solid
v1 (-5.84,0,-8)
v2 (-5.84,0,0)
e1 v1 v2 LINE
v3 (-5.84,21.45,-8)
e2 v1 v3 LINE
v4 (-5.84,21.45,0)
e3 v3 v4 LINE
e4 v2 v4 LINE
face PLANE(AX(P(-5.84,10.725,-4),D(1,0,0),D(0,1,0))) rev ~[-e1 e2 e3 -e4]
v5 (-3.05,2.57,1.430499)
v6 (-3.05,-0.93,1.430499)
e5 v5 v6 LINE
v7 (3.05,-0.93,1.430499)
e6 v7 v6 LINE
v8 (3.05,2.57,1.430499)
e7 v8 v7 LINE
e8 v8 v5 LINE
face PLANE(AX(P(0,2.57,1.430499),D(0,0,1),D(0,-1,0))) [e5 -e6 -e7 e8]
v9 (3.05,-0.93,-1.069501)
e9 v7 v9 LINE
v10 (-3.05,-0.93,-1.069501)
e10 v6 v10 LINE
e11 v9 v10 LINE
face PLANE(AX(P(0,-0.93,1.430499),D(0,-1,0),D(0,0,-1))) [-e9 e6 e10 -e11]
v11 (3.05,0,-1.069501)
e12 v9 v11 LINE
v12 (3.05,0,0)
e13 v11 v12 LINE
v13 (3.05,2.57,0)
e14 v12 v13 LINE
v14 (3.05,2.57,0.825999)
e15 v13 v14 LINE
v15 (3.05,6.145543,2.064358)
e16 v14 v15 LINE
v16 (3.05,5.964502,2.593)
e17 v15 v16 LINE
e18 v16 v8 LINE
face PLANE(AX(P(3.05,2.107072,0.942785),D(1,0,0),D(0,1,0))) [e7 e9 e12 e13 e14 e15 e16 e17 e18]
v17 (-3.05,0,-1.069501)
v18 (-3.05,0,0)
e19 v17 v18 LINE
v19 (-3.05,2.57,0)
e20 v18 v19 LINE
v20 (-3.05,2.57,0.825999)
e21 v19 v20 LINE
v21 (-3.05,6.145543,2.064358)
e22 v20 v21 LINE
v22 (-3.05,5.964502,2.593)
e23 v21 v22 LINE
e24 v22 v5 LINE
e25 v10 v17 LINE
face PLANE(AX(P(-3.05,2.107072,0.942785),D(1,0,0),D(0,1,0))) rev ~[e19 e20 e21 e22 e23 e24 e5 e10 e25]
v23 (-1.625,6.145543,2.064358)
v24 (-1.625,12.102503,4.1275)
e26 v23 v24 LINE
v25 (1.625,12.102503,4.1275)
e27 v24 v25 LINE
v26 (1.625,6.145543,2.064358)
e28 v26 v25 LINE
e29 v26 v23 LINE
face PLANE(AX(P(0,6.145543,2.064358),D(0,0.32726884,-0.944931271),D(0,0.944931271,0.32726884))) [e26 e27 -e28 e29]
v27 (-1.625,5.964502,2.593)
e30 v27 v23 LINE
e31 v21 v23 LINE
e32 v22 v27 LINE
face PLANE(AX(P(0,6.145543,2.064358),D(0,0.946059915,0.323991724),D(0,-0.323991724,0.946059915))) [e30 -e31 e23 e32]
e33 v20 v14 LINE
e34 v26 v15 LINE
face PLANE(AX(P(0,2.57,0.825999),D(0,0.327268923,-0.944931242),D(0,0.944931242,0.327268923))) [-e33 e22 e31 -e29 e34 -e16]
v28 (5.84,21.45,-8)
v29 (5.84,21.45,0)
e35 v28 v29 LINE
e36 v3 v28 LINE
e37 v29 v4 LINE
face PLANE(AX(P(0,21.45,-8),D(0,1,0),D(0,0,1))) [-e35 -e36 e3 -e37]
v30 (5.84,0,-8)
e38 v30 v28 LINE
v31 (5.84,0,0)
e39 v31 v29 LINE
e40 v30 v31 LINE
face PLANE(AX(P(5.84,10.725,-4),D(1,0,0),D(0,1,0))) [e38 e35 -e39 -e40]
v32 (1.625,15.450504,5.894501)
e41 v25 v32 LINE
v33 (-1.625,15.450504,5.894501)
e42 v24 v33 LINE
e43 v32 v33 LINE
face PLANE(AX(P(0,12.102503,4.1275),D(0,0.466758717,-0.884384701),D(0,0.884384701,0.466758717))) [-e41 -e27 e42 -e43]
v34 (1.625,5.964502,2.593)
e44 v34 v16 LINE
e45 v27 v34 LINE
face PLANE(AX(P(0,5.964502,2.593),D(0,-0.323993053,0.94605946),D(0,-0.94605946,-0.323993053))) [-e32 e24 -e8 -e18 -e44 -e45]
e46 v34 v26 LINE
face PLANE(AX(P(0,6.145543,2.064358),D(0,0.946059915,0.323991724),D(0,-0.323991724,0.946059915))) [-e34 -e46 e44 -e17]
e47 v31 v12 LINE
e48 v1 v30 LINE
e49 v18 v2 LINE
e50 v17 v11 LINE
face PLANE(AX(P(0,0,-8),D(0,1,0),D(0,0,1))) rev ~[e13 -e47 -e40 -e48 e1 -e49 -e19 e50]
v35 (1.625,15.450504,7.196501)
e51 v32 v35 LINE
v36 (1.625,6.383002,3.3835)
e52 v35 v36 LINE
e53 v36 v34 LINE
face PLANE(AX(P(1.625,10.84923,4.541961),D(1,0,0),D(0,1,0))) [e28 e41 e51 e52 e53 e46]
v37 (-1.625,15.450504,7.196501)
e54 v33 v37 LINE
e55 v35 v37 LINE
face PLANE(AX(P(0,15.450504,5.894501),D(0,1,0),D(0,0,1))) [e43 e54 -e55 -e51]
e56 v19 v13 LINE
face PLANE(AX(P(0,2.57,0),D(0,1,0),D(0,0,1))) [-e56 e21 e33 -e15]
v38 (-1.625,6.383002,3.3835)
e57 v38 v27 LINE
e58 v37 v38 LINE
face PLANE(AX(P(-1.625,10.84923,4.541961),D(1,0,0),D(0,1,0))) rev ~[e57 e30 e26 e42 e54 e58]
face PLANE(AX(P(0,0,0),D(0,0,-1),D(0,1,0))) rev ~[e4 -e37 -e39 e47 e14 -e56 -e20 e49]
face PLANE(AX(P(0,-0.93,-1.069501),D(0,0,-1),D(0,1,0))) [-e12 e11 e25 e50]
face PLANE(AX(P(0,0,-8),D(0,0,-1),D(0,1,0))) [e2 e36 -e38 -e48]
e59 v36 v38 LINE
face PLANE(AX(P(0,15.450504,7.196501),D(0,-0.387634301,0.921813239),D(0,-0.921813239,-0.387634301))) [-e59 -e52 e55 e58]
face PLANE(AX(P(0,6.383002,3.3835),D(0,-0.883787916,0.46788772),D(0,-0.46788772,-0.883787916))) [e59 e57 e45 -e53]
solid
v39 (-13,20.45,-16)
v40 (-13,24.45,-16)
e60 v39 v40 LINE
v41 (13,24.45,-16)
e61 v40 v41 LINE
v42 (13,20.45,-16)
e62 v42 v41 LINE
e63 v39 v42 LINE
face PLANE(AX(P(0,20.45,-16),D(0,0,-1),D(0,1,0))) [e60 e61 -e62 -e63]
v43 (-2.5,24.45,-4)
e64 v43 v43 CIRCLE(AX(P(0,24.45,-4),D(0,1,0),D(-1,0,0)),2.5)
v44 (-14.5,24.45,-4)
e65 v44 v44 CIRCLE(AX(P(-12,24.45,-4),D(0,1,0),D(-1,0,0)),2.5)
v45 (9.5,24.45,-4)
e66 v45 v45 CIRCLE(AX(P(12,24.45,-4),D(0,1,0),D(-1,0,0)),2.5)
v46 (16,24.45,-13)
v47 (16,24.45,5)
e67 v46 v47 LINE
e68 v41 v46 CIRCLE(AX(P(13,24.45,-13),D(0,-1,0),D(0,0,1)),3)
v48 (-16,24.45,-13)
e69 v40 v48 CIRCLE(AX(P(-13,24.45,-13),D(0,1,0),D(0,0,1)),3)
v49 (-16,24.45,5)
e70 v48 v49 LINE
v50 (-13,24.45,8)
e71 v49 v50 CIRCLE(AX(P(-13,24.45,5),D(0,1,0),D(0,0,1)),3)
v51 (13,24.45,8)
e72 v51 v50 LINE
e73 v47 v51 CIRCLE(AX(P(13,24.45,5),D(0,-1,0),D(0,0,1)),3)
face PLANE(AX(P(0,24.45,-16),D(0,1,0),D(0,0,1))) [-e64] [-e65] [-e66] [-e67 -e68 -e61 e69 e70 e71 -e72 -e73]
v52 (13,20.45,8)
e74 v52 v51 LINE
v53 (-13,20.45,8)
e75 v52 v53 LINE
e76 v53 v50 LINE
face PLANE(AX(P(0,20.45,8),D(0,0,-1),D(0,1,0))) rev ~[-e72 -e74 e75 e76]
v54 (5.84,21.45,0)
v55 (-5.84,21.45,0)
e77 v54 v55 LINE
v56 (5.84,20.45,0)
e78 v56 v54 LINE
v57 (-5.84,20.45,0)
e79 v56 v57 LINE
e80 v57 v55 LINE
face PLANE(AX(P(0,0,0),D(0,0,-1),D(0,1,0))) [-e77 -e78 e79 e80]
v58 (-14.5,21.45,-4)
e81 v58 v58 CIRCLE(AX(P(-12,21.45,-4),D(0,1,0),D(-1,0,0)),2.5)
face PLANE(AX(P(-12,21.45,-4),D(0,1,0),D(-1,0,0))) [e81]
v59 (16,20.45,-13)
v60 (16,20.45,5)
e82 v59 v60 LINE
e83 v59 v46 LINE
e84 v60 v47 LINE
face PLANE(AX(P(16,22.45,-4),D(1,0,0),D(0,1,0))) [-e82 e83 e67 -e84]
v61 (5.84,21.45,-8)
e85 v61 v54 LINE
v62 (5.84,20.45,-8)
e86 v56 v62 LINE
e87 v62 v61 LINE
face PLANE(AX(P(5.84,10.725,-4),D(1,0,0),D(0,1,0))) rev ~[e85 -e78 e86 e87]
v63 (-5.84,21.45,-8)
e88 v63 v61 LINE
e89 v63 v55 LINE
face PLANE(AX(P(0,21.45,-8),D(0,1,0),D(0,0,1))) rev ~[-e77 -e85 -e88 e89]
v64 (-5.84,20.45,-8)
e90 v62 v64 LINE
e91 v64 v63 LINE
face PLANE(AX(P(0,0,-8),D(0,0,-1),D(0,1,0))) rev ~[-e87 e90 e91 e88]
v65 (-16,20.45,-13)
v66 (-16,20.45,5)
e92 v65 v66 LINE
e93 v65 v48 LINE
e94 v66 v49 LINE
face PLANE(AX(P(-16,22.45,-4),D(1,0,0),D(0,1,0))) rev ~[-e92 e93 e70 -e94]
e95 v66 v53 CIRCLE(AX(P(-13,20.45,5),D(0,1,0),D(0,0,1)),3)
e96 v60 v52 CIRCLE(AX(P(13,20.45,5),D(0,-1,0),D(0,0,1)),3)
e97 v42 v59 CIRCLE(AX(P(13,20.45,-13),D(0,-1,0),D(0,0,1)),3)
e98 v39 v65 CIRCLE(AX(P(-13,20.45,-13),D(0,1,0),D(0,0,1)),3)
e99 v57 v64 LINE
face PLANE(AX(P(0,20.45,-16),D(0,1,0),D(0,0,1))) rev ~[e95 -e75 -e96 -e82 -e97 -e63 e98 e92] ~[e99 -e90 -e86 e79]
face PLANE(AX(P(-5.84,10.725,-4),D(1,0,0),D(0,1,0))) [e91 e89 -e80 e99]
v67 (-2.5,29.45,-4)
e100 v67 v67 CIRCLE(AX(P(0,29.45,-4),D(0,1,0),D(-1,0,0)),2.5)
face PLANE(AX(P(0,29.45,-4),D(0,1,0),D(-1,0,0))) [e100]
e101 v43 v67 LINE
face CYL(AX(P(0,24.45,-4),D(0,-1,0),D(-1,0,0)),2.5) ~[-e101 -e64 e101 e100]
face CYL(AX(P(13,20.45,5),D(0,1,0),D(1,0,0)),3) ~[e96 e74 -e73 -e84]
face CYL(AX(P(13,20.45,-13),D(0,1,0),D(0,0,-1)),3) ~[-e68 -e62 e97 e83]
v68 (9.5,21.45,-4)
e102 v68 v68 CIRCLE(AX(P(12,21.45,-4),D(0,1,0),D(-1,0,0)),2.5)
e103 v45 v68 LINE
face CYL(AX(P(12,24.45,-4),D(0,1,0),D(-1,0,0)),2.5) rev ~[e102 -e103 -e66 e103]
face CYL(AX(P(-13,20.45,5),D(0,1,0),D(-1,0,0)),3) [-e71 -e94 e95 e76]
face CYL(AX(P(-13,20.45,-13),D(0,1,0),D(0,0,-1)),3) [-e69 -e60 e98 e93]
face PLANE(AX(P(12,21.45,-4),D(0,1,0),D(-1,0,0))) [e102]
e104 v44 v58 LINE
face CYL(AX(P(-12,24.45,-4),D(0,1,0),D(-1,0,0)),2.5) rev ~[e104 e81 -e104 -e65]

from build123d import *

# Parameters (mm, degrees)
F0_W          = 21.45
F0_H          = 8
F1_DEPTH      = 5.84
F1_DEPTH_BACK = 5.84
F3_DEPTH      = 3.05
F3_DEPTH_BACK = 3.05
F4_DEPTH      = 1.625
F4_DEPTH_BACK = 1.625
F5_W          = 4
F5_H          = 24
F6_DEPTH      = 16
F6_DEPTH_BACK = 16
F8_R          = 2.5
F9_DEPTH      = 3
F10_DEPTH     = 5
F11_R         = 3


with BuildPart() as f1:
    # F0 (on Right) → F1 (new body, two sides)
    with BuildSketch(Plane.YZ) as f1_sk:
        with Locations((10.725, -4)):
            Rectangle(F0_W, F0_H)
    extrude(amount=F1_DEPTH)
    extrude(f1_sk.sketch, amount=-F1_DEPTH_BACK)

    # F2 (on Right) → F3 (join, two sides)
    with BuildSketch(Plane.YZ) as f3_sk:
        Polygon((-0.93, -1.069501), (0, -1.069501), (0, 0), (2.57, 0), (2.57, 0.825999), (6.145543, 2.064358), (5.964502, 2.593), (2.57, 1.430499), (-0.93, 1.430499), align=None)
    extrude(amount=F3_DEPTH)
    extrude(f3_sk.sketch, amount=-F3_DEPTH_BACK)

    # F2 (on Right) → F4 (join, two sides)
    with BuildSketch(Plane.YZ) as f4_sk:
        Polygon((6.383002, 3.3835), (5.964502, 2.593), (6.145543, 2.064358), (12.102503, 4.1275), (15.450504, 5.894501), (15.450504, 7.196501), align=None)
    extrude(amount=F4_DEPTH)
    extrude(f4_sk.sketch, amount=-F4_DEPTH_BACK)


with BuildPart() as f6:
    # F5 (on Right) → F6 (new body, two sides)
    with BuildSketch(Plane.YZ) as f6_sk:
        with Locations((22.45, -4)):
            Rectangle(F5_W, F5_H)
    extrude(amount=F6_DEPTH)
    extrude(f6_sk.sketch, amount=-F6_DEPTH_BACK)

    # F7: cut F1
    add(f1.part, mode=Mode.SUBTRACT)

    # F8 (on face) → F9 (cut)
    with BuildSketch(Plane(origin=(0, 24.45, 0), x_dir=(-1, 0, 0), z_dir=(0, 1, 0))):
        with Locations((-12, -4)):
            Circle(F8_R)
        with Locations((12, -4)):
            Circle(F8_R)
    extrude(amount=-F9_DEPTH, mode=Mode.SUBTRACT)

    # F8 (on face) → F10 (join)
    with BuildSketch(Plane(origin=(0, 24.45, 0), x_dir=(-1, 0, 0), z_dir=(0, 1, 0))):
        with Locations((0, -4)):
            Circle(F8_R)
    extrude(amount=F10_DEPTH)

    # F11
    f11_edges = [f6.edges().sort_by_distance(p)[0] for p in [
        (-16, 22.45, 8),
        (-16, 22.45, -16),
        (16, 22.45, -16),
        (16, 22.45, 8),
    ]]
    fillet(f11_edges, radius=F11_R)


solid = Compound([f1.part, f6.part])
